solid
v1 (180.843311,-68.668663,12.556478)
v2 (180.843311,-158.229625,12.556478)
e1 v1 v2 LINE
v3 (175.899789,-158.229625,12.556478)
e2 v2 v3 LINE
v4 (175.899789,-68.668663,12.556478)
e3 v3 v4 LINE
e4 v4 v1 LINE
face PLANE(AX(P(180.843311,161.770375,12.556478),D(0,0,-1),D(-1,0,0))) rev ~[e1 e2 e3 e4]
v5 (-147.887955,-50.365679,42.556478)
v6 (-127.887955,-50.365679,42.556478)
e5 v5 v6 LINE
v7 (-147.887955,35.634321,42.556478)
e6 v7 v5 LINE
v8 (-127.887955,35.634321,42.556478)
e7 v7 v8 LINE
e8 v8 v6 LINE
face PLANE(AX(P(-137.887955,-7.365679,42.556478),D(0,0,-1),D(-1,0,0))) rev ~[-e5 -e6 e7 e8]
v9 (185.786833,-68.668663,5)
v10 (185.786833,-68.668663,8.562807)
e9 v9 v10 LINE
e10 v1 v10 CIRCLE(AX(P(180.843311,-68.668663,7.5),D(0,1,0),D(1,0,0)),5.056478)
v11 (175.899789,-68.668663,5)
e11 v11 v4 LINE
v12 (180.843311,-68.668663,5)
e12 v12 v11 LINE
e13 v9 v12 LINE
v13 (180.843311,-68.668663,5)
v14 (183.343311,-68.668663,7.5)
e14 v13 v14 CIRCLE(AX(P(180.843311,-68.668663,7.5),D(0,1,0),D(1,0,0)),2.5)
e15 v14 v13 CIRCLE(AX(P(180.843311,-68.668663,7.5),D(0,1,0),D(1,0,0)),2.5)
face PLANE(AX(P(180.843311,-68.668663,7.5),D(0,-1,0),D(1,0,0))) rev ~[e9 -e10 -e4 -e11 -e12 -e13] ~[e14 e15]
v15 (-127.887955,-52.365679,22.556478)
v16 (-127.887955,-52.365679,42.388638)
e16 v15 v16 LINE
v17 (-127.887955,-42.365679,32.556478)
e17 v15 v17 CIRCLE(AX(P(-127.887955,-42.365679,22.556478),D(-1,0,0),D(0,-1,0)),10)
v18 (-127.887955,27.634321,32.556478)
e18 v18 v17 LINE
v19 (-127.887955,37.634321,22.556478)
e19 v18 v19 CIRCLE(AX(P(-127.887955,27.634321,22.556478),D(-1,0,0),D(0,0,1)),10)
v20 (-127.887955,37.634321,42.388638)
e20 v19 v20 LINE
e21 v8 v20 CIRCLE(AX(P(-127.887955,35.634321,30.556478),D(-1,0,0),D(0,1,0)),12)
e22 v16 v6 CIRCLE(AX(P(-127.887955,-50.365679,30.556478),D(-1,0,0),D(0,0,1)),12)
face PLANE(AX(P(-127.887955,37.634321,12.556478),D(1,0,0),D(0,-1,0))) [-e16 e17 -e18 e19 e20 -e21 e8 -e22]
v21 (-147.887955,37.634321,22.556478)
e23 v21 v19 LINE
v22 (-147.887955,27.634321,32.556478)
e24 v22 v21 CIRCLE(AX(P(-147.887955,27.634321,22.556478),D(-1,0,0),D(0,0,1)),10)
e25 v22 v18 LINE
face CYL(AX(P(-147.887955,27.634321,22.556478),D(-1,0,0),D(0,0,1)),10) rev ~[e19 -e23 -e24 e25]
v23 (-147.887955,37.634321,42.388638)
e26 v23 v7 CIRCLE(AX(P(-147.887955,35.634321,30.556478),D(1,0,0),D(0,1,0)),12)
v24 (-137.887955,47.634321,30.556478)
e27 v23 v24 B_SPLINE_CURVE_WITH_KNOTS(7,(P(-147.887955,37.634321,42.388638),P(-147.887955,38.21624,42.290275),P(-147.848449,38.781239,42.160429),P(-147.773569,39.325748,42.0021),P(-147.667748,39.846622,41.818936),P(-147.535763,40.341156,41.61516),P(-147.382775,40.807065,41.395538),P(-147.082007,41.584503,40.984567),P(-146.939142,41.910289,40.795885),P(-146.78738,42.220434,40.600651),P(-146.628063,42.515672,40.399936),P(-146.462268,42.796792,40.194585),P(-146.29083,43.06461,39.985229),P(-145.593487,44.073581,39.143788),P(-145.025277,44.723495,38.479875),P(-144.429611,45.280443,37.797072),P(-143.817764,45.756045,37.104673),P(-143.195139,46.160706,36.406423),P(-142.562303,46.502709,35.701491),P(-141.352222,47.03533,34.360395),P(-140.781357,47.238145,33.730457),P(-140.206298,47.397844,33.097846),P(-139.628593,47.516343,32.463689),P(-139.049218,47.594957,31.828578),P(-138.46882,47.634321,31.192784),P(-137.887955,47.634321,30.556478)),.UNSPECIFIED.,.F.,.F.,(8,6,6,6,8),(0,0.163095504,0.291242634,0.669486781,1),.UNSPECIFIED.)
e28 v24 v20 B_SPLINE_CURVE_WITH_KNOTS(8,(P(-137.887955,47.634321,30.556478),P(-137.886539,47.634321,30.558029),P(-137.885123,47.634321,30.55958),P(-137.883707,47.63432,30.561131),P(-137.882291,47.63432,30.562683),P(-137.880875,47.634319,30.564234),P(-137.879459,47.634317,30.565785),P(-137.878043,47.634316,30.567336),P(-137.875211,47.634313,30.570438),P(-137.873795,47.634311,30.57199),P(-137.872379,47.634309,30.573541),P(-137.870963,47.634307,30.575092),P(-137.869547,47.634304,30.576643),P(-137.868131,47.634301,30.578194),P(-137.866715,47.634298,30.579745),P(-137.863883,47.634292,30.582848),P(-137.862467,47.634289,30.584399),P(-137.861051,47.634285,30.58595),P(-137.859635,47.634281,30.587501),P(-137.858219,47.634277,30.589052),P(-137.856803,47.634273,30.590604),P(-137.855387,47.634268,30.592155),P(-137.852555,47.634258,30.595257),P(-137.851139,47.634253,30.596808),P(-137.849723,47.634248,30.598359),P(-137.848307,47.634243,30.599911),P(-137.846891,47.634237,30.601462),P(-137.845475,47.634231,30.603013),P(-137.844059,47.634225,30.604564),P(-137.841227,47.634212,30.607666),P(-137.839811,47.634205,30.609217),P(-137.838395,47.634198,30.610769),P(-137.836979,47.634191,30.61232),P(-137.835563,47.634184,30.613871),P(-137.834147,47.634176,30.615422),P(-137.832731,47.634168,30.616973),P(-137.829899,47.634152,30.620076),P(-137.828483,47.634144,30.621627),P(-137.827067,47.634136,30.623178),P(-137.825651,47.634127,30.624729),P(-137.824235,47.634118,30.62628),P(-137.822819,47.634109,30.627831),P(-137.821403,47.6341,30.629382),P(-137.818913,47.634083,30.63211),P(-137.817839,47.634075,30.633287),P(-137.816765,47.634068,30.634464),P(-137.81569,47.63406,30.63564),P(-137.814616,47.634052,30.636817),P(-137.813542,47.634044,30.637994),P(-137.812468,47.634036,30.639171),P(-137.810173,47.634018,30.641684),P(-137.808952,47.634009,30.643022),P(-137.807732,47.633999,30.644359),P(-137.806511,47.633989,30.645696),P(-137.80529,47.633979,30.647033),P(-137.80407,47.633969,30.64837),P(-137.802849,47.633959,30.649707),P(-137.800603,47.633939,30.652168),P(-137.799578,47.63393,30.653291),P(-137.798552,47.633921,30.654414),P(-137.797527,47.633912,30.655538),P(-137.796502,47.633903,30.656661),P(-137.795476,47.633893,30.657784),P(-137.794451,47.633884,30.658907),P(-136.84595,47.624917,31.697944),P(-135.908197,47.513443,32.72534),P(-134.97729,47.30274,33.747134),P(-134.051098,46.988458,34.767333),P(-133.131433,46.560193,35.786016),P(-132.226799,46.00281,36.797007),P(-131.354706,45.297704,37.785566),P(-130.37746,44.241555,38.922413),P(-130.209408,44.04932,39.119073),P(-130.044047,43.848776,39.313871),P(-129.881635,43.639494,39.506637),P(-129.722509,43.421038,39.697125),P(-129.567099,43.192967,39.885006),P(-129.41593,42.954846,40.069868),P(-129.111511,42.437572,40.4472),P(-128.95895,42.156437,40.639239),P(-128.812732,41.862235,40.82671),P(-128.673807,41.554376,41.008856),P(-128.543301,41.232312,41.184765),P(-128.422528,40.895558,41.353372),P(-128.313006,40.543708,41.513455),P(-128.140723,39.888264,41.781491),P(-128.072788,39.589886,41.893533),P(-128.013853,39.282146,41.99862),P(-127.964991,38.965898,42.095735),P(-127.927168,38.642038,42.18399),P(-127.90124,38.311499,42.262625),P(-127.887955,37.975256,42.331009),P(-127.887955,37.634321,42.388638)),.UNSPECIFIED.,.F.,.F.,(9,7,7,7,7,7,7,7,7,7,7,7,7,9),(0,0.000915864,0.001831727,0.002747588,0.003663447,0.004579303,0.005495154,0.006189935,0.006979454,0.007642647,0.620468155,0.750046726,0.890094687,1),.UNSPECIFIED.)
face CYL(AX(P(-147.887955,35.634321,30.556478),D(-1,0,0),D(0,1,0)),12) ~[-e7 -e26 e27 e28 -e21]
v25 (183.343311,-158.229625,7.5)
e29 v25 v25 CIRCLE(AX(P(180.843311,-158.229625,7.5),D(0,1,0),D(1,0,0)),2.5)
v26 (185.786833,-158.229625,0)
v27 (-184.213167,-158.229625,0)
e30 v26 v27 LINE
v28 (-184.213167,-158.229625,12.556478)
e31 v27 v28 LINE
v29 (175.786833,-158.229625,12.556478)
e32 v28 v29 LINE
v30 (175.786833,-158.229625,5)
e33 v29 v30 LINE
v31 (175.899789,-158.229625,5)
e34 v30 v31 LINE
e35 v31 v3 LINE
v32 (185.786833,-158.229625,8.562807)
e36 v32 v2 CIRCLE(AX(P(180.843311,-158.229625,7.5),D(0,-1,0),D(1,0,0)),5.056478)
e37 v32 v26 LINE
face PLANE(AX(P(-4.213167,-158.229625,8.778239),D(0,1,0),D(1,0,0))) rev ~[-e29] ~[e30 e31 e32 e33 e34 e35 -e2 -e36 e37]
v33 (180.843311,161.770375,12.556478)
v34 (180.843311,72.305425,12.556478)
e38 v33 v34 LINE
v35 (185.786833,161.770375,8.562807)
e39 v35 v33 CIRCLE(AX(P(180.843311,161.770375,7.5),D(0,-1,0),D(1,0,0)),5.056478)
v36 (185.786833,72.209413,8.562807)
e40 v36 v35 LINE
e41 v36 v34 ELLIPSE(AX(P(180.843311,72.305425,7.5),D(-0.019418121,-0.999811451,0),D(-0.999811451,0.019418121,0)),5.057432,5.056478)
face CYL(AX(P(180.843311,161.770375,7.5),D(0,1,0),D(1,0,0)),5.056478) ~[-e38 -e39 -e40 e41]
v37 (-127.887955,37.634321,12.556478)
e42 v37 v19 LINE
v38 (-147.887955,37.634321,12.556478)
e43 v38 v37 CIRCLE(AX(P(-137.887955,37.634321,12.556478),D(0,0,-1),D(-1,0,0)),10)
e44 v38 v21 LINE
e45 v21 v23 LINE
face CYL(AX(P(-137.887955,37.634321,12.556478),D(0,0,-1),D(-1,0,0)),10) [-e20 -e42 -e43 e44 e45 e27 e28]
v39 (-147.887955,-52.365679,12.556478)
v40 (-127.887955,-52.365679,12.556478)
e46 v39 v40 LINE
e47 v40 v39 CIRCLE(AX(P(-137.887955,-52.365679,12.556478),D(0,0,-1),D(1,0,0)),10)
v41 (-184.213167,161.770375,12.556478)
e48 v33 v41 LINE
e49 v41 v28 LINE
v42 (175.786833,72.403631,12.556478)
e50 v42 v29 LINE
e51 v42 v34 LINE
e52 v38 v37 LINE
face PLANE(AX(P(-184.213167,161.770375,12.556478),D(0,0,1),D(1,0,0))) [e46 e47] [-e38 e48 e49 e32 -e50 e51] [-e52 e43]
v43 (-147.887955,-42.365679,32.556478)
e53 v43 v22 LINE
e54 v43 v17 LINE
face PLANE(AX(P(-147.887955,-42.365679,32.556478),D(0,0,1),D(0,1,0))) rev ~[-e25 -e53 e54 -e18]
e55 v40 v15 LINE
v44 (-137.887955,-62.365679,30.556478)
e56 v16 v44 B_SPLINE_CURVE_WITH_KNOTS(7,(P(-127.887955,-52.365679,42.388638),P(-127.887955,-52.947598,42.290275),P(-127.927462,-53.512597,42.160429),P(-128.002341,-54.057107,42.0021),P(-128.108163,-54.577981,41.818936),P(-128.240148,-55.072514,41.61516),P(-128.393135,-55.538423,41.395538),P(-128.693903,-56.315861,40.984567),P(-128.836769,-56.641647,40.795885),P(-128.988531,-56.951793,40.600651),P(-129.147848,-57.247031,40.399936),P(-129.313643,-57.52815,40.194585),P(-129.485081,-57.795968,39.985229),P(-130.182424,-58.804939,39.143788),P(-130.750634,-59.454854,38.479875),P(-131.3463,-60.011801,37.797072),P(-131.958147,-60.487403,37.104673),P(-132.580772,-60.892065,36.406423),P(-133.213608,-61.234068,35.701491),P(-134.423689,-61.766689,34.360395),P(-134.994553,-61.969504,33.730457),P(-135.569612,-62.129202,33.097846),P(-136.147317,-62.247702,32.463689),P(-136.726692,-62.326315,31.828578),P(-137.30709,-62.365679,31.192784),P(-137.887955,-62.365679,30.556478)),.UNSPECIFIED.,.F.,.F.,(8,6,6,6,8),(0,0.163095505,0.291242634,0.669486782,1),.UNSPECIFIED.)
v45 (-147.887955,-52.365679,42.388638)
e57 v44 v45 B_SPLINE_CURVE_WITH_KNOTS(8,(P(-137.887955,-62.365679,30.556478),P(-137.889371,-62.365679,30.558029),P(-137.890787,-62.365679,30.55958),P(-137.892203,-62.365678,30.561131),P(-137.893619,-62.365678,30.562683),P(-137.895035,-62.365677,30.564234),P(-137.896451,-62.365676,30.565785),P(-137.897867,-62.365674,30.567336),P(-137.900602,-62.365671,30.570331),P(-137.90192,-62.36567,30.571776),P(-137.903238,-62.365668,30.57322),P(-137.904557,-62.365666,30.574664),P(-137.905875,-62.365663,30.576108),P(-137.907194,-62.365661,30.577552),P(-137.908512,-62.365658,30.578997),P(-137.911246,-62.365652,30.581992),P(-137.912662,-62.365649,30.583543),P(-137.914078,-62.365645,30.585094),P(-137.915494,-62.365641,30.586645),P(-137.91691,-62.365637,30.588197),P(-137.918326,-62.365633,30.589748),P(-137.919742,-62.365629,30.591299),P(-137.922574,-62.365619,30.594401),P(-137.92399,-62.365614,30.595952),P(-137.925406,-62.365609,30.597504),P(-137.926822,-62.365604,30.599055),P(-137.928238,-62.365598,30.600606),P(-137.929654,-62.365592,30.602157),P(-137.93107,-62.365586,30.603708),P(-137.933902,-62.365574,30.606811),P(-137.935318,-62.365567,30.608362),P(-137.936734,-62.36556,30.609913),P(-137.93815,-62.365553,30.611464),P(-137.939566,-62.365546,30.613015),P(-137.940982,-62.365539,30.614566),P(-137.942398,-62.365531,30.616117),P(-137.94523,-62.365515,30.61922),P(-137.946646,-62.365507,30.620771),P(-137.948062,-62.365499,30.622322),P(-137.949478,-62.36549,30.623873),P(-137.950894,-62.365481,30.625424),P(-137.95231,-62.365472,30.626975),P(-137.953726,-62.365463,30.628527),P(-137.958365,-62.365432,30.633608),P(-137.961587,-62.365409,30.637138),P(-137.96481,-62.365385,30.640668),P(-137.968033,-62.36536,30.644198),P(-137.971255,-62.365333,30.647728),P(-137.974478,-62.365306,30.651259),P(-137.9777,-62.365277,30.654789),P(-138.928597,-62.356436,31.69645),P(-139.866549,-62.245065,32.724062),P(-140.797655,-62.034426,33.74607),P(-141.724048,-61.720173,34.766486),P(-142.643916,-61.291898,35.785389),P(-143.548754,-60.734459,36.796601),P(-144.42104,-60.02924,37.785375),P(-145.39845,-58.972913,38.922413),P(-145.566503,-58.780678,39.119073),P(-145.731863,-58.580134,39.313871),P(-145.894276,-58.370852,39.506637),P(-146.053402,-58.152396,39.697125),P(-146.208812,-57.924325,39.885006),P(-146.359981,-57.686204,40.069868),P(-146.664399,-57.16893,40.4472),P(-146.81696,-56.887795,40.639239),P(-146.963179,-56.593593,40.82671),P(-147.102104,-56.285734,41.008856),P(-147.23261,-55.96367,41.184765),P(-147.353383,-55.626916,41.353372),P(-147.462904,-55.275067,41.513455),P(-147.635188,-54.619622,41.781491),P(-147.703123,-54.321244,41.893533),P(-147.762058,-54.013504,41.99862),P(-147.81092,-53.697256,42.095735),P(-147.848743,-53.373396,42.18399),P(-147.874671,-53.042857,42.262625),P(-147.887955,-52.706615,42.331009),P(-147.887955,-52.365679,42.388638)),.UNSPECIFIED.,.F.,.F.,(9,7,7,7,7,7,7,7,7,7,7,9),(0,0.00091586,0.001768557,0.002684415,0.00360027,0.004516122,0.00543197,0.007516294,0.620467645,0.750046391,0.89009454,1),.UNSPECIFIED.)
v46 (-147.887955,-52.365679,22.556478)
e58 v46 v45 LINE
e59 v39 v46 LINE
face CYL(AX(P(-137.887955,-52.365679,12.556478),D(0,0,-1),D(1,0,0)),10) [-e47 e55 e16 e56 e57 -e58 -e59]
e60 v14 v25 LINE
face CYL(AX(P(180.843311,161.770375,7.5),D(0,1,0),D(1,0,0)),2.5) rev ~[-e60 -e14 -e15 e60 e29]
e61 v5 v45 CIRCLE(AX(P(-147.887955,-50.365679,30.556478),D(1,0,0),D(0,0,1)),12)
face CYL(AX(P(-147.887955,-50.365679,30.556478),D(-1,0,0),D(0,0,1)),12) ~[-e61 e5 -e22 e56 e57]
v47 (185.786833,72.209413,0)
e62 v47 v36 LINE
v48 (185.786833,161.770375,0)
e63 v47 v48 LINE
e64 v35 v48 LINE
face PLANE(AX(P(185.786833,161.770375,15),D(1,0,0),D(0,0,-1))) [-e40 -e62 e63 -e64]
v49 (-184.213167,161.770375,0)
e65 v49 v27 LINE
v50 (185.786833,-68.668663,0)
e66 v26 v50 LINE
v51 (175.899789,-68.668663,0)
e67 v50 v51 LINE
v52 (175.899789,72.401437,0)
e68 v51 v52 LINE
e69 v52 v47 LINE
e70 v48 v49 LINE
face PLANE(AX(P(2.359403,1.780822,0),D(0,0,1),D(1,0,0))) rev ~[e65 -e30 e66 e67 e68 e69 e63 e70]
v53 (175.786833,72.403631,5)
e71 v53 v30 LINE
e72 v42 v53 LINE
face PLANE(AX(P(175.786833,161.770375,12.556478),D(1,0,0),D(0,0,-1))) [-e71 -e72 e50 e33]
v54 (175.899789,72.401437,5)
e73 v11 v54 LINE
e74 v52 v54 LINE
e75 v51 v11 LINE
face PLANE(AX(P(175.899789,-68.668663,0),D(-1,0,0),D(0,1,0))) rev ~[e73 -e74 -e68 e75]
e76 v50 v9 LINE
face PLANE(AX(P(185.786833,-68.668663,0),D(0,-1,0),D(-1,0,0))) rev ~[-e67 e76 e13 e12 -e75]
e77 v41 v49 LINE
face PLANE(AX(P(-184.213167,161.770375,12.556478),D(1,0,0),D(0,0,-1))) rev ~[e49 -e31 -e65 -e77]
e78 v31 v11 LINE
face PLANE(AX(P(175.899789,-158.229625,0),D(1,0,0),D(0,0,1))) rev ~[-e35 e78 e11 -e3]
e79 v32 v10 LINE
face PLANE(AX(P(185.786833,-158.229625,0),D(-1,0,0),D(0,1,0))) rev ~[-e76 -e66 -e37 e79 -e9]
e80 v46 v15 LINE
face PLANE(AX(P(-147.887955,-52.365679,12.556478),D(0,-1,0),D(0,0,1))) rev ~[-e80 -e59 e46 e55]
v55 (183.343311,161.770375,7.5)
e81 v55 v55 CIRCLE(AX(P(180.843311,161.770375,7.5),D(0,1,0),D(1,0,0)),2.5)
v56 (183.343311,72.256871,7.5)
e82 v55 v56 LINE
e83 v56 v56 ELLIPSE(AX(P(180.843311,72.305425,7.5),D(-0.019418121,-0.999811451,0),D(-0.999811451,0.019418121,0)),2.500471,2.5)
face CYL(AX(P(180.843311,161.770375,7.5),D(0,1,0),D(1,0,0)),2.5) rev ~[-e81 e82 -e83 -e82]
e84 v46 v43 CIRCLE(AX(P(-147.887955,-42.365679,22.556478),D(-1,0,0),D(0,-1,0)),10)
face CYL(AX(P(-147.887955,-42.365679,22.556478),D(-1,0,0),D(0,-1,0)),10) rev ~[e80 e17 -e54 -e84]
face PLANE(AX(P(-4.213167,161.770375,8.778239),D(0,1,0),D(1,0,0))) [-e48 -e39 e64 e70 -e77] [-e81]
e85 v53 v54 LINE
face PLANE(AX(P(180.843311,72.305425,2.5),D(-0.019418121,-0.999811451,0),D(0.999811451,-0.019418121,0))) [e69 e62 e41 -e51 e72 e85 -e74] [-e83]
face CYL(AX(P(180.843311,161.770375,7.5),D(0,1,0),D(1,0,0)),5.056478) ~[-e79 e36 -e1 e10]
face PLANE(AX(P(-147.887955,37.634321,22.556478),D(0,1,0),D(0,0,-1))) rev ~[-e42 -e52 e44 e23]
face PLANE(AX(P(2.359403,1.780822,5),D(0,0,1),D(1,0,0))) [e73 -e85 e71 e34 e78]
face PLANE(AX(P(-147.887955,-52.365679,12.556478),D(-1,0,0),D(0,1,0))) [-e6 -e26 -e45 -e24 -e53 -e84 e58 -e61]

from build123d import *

# Parameters (mm, degrees)
BOSS_EXTRUDE1_DEPTH = 5
BOSS_EXTRUDE2_REACH = 322
SKETCH2_W           = 10
SKETCH2_H           = 15
SKETCH3_W           = 9.887044096
SKETCH3_H           = 15
BOSS_EXTRUDE3_DEPTH = 89.560962
SKETCH4_R           = 2.5
CUT_EXTRUDE1_DEPTH  = 320
SKETCH5_W           = 360
SKETCH5_H           = 7.556477952
BOSS_EXTRUDE4_DEPTH = 320
BOSS_EXTRUDE5_DEPTH = 30
CUT_EXTRUDE2_DEPTH  = 30


with BuildPart() as part:
    # Sketch1 → Boss-Extrude1 (new body)
    with BuildSketch(Plane.XY):
        Polygon((175.89978938, 161.770375321), (-184.213166524, 161.770375321), (-184.213166524, -158.229624679), (175.89978938, -158.229624679), (185.786833476, -158.229624679), (185.786833476, -68.668662794), (175.89978938, -68.668662794), (175.89978938, 72.40143746), (185.786833476, 72.209413435), (185.786833476, 161.770375321), align=None)
    extrude(amount=BOSS_EXTRUDE1_DEPTH)

    # Boss-Extrude2: up to this face of the body (flat: up to its plane)
    boss_extrude2_end = Plane(part.part.faces().sort_by_distance((180.843311428, 72.305425448, 2.5))[0])
    # Sketch2 → Boss-Extrude2 (add, up to the picked face)
    with BuildSketch(Plane(origin=(0, 161.770375321, 0), x_dir=(1, 0, 0), z_dir=(0, 1, 0)), mode=Mode.PRIVATE) as boss_extrude2_sk1:
        with Locations((180.786833476, -7.5)):
            Rectangle(SKETCH2_W, SKETCH2_H)
    boss_extrude2_tool1 = split(extrude(boss_extrude2_sk1.sketch, amount=-BOSS_EXTRUDE2_REACH, mode=Mode.PRIVATE), bisect_by=boss_extrude2_end, keep=Keep.BOTH, mode=Mode.PRIVATE)
    add(boss_extrude2_tool1.solids().sort_by_distance((180.786833, 161.770375, 7.5))[0])

    # Sketch3 → Boss-Extrude3 (add)
    with BuildSketch(Plane.XZ.offset(158.229624679)):
        with Locations((180.843311428, 7.5)):
            Rectangle(SKETCH3_W, SKETCH3_H)
    extrude(amount=-BOSS_EXTRUDE3_DEPTH)

    # Sketch4 → Cut-Extrude1 (cut)
    with BuildSketch(Plane(origin=(0, 161.770375321, 0), x_dir=(1, 0, 0), z_dir=(0, 1, 0))):
        with Locations((180.843311428, -7.5)):
            Circle(SKETCH4_R)
        with BuildLine():
            Line((180.843311428, -12.556477952), (174.586681461, -12.556477952))
            Line((174.586681461, -12.556477952), (174.586681461, -18.742126007))
            Line((174.586681461, -18.742126007), (187.888181218, -19.204340284))
            Line((187.888181218, -19.204340284), (188.294895745, -7.5))
            Line((188.294895745, -7.5), (185.89978938, -7.5))
            ThreePointArc((185.89978938, -7.5), (184.418781277, -11.075469849), (180.843311428, -12.556477952))
        make_face()
    extrude(amount=-CUT_EXTRUDE1_DEPTH, mode=Mode.SUBTRACT)

    # Sketch5 → Boss-Extrude4 (add)
    with BuildSketch(Plane(origin=(0, 161.770375321, 0), x_dir=(1, 0, 0), z_dir=(0, 1, 0))):
        with Locations((-4.213166524, -8.778238976)):
            Rectangle(SKETCH5_W, SKETCH5_H)
    extrude(amount=-BOSS_EXTRUDE4_DEPTH)

    # Sketch6 → Boss-Extrude5 (add)
    with BuildSketch(Plane.XY.offset(12.556477952)):
        with BuildLine():
            Line((-127.887955303, 37.634320881), (-127.887955303, -52.365679119))
            ThreePointArc((-127.887955303, -52.365679119), (-137.887955303, -62.365679119), (-147.887955303, -52.365679119))
            Line((-147.887955303, -52.365679119), (-147.887955303, 37.634320881))
            ThreePointArc((-147.887955303, 37.634320881), (-137.887955303, 47.634320881), (-127.887955303, 37.634320881))
        make_face()
    extrude(amount=BOSS_EXTRUDE5_DEPTH)

    # Sketch7 → Cut-Extrude2 (cut)
    with BuildSketch(Plane.ZY.offset(147.887955303)):
        with BuildLine():
            Line((12.556477952, 47.634320881), (30.556477952, 47.634320881))
            ThreePointArc((30.556477952, 47.634320881), (39.041759326, 44.119602255), (42.556477952, 35.634320881))
            Line((42.556477952, 35.634320881), (42.556477952, -50.365679119))
            ThreePointArc((42.556477952, -50.365679119), (39.041759326, -58.850960494), (30.556477952, -62.365679119))
            Line((30.556477952, -62.365679119), (12.556477952, -62.365679119))
            Line((12.556477952, -62.365679119), (12.556477952, -84.546006254))
            Line((12.556477952, -84.546006254), (75.194935331, -84.546006254))
            Line((75.194935331, -84.546006254), (75.194935331, -40.351574991))
            Line((75.194935331, -40.351574991), (70.864672609, 64.078414926))
            Line((70.864672609, 64.078414926), (12.556477952, 64.078414926))
            Line((12.556477952, 64.078414926), (12.556477952, 47.634320881))
        make_face()
        with BuildLine():
            Line((32.556477952, -7.365679119), (32.556477952, 27.634320881))
            ThreePointArc((32.556477952, 27.634320881), (29.627545764, 34.705388692), (22.556477952, 37.634320881))
            Line((22.556477952, 37.634320881), (12.556477952, 37.634320881))
            Line((12.556477952, 37.634320881), (12.556477952, -52.365679119))
            Line((12.556477952, -52.365679119), (22.556477952, -52.365679119))
            ThreePointArc((22.556477952, -52.365679119), (29.627545764, -49.436746931), (32.556477952, -42.365679119))
            Line((32.556477952, -42.365679119), (32.556477952, -7.365679119))
        make_face()
    extrude(amount=-CUT_EXTRUDE2_DEPTH, mode=Mode.SUBTRACT)


solid = part.part
